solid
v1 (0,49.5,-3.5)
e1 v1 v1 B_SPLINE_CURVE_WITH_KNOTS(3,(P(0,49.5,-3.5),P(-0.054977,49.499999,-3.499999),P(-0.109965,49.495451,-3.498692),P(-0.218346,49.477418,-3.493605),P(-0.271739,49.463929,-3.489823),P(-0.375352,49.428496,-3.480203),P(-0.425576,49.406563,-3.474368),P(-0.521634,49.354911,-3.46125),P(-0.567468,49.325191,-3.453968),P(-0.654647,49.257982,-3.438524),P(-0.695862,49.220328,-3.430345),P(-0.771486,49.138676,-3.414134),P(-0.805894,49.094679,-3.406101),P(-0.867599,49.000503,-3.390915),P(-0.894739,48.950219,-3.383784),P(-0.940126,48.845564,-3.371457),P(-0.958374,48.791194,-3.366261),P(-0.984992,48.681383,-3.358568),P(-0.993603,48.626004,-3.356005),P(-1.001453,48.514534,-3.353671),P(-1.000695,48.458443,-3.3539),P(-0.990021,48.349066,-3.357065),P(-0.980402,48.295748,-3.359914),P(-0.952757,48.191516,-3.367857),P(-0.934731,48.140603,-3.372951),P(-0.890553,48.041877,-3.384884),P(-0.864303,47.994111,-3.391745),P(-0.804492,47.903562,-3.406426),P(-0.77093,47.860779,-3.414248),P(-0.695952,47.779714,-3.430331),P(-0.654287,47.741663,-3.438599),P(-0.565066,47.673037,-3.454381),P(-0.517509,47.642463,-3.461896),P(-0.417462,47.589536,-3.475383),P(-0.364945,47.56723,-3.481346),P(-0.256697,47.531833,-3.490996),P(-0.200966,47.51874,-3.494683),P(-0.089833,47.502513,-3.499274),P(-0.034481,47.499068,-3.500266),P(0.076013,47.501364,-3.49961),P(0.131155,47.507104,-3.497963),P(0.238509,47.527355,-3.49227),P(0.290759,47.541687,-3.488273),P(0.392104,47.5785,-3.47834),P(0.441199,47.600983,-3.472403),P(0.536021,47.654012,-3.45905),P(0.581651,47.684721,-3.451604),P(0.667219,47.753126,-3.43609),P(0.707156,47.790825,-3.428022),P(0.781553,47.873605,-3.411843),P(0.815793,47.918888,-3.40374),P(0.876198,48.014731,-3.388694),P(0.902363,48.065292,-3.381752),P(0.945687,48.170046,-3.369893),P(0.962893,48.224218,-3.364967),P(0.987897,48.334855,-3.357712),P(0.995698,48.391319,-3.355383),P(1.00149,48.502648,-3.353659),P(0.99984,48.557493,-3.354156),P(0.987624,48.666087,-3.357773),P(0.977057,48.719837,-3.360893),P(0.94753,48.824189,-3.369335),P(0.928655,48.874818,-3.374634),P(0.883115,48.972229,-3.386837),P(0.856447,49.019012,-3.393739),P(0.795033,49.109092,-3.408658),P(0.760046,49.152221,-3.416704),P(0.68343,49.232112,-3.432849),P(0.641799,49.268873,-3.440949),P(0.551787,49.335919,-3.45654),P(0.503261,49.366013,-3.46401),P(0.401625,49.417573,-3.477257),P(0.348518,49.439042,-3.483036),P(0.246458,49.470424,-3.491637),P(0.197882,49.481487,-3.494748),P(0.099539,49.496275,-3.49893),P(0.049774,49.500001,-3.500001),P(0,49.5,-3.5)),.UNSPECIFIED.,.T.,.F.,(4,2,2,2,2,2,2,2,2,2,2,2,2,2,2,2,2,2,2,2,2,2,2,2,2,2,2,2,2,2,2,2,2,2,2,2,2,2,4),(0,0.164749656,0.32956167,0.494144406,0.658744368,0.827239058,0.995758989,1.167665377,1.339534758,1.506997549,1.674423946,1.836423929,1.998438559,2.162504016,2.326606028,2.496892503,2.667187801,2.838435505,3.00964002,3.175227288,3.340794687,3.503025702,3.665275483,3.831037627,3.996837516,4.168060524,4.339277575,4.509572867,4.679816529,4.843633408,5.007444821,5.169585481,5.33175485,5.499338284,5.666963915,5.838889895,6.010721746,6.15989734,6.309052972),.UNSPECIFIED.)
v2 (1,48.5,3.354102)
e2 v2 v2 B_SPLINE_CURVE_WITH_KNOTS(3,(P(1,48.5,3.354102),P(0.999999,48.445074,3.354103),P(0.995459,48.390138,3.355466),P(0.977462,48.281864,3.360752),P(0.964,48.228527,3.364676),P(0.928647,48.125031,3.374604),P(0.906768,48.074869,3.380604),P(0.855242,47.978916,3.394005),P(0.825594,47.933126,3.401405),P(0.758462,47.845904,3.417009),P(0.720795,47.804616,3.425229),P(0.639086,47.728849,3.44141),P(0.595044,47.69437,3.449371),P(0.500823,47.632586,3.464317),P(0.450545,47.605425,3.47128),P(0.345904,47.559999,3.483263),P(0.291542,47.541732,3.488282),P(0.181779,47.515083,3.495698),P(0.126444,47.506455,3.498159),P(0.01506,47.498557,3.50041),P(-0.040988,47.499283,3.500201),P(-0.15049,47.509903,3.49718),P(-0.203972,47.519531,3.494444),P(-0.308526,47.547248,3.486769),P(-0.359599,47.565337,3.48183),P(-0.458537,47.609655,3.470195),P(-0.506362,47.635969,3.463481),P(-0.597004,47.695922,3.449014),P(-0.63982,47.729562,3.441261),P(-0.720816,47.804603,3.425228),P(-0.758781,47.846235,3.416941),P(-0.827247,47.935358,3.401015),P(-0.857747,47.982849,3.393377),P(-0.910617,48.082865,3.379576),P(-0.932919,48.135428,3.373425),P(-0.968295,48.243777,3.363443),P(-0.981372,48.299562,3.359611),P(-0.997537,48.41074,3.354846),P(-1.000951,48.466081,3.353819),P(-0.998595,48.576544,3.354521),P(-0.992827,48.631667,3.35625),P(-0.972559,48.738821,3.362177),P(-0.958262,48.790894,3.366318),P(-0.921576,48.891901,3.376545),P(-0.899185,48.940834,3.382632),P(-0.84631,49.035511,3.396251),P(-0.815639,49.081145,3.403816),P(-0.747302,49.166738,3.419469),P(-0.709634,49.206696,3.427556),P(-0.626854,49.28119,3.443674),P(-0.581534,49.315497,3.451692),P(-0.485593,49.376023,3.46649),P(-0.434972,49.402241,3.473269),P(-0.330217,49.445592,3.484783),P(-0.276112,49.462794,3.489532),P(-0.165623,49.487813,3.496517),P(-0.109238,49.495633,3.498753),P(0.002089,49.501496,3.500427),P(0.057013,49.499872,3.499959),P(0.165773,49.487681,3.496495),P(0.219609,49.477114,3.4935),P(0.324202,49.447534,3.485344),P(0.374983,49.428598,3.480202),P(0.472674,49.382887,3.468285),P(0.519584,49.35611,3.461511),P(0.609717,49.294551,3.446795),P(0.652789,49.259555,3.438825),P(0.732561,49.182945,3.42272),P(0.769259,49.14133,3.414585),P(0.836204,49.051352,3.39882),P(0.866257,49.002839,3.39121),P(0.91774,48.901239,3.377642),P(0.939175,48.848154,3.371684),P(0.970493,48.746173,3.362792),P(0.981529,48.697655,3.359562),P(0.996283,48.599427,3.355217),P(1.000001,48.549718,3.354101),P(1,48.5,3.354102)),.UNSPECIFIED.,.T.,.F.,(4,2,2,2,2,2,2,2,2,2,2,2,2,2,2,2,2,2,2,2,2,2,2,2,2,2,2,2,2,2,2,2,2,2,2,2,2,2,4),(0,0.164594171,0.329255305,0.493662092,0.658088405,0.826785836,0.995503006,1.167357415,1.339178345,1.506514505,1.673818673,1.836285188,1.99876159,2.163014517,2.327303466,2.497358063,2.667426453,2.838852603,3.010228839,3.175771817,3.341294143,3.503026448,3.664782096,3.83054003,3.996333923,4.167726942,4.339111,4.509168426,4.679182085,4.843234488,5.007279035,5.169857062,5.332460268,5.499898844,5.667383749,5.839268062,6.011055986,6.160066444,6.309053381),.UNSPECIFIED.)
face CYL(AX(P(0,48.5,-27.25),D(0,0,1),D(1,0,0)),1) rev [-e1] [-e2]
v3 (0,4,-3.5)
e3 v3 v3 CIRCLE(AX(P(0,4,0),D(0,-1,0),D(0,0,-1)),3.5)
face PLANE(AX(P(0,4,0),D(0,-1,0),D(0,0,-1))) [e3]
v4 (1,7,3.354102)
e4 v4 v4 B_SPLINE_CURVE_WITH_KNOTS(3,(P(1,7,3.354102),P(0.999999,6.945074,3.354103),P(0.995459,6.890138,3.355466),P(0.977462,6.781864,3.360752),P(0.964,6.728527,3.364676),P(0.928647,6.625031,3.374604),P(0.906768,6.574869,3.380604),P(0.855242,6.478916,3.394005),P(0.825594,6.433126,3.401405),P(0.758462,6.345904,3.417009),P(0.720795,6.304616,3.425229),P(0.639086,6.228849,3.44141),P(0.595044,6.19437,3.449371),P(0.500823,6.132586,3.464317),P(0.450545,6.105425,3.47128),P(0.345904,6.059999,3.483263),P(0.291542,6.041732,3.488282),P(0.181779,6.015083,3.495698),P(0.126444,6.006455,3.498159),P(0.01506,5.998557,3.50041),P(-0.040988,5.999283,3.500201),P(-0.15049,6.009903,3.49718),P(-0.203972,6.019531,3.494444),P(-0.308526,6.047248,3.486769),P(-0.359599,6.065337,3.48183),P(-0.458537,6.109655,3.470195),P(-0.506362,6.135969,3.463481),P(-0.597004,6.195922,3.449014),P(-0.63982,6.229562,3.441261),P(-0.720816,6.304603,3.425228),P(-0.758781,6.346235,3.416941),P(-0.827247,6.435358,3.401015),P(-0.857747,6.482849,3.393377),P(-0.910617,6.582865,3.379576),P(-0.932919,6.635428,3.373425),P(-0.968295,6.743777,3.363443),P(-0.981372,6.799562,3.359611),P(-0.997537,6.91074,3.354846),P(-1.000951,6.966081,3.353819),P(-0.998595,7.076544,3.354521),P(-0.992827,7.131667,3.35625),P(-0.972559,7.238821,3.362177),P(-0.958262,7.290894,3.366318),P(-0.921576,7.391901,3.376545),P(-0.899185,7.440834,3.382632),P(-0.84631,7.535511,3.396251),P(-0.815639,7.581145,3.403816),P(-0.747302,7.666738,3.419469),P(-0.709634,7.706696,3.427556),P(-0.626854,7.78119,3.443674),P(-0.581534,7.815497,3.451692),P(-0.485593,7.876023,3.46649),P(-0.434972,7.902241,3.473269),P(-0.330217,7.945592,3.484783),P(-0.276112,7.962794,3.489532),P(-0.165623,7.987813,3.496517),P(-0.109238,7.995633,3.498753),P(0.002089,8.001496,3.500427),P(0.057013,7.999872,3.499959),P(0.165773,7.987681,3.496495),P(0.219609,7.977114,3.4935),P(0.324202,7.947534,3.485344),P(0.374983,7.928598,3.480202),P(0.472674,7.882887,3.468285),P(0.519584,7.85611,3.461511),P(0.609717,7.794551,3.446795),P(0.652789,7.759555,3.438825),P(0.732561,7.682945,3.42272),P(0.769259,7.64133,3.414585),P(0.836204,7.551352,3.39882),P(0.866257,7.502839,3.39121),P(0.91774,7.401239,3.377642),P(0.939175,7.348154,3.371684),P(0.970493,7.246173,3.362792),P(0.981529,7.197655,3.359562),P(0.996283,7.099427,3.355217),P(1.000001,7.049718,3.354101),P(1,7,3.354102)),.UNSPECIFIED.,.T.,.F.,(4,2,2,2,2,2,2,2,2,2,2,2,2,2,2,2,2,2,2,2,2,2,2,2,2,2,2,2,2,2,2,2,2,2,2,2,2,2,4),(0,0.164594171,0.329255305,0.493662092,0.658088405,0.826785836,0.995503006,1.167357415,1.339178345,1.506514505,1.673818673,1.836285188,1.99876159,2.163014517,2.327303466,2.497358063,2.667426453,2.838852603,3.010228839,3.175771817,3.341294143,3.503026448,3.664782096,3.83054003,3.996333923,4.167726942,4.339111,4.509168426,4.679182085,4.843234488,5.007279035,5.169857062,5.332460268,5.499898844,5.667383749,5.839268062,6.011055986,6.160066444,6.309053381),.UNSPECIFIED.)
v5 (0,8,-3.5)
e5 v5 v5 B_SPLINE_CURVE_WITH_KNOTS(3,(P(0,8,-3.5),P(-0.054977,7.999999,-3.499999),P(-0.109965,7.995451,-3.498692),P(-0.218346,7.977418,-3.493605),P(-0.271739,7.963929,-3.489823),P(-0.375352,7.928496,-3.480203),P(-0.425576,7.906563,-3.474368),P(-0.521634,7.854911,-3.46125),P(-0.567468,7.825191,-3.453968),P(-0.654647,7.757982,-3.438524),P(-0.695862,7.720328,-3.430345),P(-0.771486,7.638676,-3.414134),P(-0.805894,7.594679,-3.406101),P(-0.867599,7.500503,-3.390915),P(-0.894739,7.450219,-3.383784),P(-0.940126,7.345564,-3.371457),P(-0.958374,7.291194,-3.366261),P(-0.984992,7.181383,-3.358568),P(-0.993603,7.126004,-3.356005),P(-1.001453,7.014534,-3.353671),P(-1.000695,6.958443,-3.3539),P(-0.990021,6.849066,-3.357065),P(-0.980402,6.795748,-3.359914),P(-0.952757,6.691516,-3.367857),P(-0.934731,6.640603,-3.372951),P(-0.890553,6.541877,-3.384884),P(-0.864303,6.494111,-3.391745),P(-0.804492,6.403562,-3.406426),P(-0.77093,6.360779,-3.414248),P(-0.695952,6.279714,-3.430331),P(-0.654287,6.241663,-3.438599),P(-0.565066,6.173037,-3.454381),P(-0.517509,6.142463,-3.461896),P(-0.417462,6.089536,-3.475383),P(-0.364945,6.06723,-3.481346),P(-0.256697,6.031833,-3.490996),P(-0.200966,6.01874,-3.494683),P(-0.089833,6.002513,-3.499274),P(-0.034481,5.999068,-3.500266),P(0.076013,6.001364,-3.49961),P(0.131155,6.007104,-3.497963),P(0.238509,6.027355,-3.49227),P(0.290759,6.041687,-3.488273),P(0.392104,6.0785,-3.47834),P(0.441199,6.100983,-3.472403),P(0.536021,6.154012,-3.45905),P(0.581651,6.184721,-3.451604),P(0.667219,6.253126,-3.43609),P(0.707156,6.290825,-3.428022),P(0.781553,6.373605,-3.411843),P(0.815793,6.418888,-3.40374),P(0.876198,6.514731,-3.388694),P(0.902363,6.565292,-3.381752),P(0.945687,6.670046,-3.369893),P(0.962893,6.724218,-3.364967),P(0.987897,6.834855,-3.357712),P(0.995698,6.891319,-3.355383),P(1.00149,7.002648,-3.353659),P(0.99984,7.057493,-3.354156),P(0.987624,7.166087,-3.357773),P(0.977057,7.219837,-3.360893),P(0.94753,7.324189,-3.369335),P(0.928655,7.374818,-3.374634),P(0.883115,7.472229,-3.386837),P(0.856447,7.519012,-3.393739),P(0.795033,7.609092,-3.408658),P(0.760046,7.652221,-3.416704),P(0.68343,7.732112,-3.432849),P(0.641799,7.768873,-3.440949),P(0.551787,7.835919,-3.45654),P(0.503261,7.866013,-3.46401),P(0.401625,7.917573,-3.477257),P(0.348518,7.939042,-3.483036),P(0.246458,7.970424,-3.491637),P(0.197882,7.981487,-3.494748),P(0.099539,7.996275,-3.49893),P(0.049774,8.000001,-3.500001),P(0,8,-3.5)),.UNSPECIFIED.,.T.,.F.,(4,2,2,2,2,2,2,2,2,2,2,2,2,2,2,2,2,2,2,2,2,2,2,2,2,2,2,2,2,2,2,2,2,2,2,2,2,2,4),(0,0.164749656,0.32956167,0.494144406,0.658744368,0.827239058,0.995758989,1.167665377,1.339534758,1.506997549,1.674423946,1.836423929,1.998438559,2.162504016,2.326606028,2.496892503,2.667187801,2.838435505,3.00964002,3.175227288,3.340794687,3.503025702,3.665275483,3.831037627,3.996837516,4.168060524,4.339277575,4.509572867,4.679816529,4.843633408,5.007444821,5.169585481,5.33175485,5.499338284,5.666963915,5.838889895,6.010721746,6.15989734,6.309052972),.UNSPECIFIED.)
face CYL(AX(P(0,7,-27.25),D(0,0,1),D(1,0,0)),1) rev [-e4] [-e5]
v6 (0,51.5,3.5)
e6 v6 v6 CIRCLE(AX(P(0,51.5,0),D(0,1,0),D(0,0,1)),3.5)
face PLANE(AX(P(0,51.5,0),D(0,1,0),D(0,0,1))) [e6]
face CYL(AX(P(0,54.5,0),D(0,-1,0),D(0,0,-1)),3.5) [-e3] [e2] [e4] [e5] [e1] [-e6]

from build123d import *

# Parameters (mm, degrees)
SKETCH_1_R          = 3.5
EXTRUDE_1_DEPTH     = 54.5
SKETCH_2_R          = 1
CUT_EXTRUDE_2_DEPTH = 27.25
SKETCH_3_R          = 7.070877384
CUT_EXTRUDE_3_DEPTH = 3
SKETCH_4_R          = 6.045504862
CUT_EXTRUDE_4_DEPTH = 4


with BuildPart() as part:
    # Эскиз1 → Вытянуть1 (new body)
    with BuildSketch(Plane(origin=(0, 0, 0), x_dir=(1, 0, 0), z_dir=(0, 1, 0))):
        with Locations(Location((0, 0, 0), (0, 0, 270))):
            Circle(SKETCH_1_R)
    extrude(amount=EXTRUDE_1_DEPTH)

    # Эскиз2 → Вытянуть2 (cut, symmetric)
    with BuildSketch(Plane.XY):
        with Locations(Location((0, 48.5, 0), (0, 0, 89.99999997))):
            Circle(SKETCH_2_R)
        with Locations(Location((0, 7, 0), (0, 0, 89.99999997))):
            Circle(SKETCH_2_R)
    extrude(amount=CUT_EXTRUDE_2_DEPTH, both=True, mode=Mode.SUBTRACT)

    # Эскиз3 → Вытянуть3 (cut)
    with BuildSketch(Plane(origin=(0, 54.5, 0), x_dir=(1, 0, 0), z_dir=(0, 1, 0))):
        Circle(SKETCH_3_R)
    extrude(amount=-CUT_EXTRUDE_3_DEPTH, mode=Mode.SUBTRACT)

    # Эскиз4 → Вытянуть4 (cut)
    with BuildSketch(Plane.XZ):
        Circle(SKETCH_4_R)
    extrude(amount=-CUT_EXTRUDE_4_DEPTH, mode=Mode.SUBTRACT)


solid = part.part
